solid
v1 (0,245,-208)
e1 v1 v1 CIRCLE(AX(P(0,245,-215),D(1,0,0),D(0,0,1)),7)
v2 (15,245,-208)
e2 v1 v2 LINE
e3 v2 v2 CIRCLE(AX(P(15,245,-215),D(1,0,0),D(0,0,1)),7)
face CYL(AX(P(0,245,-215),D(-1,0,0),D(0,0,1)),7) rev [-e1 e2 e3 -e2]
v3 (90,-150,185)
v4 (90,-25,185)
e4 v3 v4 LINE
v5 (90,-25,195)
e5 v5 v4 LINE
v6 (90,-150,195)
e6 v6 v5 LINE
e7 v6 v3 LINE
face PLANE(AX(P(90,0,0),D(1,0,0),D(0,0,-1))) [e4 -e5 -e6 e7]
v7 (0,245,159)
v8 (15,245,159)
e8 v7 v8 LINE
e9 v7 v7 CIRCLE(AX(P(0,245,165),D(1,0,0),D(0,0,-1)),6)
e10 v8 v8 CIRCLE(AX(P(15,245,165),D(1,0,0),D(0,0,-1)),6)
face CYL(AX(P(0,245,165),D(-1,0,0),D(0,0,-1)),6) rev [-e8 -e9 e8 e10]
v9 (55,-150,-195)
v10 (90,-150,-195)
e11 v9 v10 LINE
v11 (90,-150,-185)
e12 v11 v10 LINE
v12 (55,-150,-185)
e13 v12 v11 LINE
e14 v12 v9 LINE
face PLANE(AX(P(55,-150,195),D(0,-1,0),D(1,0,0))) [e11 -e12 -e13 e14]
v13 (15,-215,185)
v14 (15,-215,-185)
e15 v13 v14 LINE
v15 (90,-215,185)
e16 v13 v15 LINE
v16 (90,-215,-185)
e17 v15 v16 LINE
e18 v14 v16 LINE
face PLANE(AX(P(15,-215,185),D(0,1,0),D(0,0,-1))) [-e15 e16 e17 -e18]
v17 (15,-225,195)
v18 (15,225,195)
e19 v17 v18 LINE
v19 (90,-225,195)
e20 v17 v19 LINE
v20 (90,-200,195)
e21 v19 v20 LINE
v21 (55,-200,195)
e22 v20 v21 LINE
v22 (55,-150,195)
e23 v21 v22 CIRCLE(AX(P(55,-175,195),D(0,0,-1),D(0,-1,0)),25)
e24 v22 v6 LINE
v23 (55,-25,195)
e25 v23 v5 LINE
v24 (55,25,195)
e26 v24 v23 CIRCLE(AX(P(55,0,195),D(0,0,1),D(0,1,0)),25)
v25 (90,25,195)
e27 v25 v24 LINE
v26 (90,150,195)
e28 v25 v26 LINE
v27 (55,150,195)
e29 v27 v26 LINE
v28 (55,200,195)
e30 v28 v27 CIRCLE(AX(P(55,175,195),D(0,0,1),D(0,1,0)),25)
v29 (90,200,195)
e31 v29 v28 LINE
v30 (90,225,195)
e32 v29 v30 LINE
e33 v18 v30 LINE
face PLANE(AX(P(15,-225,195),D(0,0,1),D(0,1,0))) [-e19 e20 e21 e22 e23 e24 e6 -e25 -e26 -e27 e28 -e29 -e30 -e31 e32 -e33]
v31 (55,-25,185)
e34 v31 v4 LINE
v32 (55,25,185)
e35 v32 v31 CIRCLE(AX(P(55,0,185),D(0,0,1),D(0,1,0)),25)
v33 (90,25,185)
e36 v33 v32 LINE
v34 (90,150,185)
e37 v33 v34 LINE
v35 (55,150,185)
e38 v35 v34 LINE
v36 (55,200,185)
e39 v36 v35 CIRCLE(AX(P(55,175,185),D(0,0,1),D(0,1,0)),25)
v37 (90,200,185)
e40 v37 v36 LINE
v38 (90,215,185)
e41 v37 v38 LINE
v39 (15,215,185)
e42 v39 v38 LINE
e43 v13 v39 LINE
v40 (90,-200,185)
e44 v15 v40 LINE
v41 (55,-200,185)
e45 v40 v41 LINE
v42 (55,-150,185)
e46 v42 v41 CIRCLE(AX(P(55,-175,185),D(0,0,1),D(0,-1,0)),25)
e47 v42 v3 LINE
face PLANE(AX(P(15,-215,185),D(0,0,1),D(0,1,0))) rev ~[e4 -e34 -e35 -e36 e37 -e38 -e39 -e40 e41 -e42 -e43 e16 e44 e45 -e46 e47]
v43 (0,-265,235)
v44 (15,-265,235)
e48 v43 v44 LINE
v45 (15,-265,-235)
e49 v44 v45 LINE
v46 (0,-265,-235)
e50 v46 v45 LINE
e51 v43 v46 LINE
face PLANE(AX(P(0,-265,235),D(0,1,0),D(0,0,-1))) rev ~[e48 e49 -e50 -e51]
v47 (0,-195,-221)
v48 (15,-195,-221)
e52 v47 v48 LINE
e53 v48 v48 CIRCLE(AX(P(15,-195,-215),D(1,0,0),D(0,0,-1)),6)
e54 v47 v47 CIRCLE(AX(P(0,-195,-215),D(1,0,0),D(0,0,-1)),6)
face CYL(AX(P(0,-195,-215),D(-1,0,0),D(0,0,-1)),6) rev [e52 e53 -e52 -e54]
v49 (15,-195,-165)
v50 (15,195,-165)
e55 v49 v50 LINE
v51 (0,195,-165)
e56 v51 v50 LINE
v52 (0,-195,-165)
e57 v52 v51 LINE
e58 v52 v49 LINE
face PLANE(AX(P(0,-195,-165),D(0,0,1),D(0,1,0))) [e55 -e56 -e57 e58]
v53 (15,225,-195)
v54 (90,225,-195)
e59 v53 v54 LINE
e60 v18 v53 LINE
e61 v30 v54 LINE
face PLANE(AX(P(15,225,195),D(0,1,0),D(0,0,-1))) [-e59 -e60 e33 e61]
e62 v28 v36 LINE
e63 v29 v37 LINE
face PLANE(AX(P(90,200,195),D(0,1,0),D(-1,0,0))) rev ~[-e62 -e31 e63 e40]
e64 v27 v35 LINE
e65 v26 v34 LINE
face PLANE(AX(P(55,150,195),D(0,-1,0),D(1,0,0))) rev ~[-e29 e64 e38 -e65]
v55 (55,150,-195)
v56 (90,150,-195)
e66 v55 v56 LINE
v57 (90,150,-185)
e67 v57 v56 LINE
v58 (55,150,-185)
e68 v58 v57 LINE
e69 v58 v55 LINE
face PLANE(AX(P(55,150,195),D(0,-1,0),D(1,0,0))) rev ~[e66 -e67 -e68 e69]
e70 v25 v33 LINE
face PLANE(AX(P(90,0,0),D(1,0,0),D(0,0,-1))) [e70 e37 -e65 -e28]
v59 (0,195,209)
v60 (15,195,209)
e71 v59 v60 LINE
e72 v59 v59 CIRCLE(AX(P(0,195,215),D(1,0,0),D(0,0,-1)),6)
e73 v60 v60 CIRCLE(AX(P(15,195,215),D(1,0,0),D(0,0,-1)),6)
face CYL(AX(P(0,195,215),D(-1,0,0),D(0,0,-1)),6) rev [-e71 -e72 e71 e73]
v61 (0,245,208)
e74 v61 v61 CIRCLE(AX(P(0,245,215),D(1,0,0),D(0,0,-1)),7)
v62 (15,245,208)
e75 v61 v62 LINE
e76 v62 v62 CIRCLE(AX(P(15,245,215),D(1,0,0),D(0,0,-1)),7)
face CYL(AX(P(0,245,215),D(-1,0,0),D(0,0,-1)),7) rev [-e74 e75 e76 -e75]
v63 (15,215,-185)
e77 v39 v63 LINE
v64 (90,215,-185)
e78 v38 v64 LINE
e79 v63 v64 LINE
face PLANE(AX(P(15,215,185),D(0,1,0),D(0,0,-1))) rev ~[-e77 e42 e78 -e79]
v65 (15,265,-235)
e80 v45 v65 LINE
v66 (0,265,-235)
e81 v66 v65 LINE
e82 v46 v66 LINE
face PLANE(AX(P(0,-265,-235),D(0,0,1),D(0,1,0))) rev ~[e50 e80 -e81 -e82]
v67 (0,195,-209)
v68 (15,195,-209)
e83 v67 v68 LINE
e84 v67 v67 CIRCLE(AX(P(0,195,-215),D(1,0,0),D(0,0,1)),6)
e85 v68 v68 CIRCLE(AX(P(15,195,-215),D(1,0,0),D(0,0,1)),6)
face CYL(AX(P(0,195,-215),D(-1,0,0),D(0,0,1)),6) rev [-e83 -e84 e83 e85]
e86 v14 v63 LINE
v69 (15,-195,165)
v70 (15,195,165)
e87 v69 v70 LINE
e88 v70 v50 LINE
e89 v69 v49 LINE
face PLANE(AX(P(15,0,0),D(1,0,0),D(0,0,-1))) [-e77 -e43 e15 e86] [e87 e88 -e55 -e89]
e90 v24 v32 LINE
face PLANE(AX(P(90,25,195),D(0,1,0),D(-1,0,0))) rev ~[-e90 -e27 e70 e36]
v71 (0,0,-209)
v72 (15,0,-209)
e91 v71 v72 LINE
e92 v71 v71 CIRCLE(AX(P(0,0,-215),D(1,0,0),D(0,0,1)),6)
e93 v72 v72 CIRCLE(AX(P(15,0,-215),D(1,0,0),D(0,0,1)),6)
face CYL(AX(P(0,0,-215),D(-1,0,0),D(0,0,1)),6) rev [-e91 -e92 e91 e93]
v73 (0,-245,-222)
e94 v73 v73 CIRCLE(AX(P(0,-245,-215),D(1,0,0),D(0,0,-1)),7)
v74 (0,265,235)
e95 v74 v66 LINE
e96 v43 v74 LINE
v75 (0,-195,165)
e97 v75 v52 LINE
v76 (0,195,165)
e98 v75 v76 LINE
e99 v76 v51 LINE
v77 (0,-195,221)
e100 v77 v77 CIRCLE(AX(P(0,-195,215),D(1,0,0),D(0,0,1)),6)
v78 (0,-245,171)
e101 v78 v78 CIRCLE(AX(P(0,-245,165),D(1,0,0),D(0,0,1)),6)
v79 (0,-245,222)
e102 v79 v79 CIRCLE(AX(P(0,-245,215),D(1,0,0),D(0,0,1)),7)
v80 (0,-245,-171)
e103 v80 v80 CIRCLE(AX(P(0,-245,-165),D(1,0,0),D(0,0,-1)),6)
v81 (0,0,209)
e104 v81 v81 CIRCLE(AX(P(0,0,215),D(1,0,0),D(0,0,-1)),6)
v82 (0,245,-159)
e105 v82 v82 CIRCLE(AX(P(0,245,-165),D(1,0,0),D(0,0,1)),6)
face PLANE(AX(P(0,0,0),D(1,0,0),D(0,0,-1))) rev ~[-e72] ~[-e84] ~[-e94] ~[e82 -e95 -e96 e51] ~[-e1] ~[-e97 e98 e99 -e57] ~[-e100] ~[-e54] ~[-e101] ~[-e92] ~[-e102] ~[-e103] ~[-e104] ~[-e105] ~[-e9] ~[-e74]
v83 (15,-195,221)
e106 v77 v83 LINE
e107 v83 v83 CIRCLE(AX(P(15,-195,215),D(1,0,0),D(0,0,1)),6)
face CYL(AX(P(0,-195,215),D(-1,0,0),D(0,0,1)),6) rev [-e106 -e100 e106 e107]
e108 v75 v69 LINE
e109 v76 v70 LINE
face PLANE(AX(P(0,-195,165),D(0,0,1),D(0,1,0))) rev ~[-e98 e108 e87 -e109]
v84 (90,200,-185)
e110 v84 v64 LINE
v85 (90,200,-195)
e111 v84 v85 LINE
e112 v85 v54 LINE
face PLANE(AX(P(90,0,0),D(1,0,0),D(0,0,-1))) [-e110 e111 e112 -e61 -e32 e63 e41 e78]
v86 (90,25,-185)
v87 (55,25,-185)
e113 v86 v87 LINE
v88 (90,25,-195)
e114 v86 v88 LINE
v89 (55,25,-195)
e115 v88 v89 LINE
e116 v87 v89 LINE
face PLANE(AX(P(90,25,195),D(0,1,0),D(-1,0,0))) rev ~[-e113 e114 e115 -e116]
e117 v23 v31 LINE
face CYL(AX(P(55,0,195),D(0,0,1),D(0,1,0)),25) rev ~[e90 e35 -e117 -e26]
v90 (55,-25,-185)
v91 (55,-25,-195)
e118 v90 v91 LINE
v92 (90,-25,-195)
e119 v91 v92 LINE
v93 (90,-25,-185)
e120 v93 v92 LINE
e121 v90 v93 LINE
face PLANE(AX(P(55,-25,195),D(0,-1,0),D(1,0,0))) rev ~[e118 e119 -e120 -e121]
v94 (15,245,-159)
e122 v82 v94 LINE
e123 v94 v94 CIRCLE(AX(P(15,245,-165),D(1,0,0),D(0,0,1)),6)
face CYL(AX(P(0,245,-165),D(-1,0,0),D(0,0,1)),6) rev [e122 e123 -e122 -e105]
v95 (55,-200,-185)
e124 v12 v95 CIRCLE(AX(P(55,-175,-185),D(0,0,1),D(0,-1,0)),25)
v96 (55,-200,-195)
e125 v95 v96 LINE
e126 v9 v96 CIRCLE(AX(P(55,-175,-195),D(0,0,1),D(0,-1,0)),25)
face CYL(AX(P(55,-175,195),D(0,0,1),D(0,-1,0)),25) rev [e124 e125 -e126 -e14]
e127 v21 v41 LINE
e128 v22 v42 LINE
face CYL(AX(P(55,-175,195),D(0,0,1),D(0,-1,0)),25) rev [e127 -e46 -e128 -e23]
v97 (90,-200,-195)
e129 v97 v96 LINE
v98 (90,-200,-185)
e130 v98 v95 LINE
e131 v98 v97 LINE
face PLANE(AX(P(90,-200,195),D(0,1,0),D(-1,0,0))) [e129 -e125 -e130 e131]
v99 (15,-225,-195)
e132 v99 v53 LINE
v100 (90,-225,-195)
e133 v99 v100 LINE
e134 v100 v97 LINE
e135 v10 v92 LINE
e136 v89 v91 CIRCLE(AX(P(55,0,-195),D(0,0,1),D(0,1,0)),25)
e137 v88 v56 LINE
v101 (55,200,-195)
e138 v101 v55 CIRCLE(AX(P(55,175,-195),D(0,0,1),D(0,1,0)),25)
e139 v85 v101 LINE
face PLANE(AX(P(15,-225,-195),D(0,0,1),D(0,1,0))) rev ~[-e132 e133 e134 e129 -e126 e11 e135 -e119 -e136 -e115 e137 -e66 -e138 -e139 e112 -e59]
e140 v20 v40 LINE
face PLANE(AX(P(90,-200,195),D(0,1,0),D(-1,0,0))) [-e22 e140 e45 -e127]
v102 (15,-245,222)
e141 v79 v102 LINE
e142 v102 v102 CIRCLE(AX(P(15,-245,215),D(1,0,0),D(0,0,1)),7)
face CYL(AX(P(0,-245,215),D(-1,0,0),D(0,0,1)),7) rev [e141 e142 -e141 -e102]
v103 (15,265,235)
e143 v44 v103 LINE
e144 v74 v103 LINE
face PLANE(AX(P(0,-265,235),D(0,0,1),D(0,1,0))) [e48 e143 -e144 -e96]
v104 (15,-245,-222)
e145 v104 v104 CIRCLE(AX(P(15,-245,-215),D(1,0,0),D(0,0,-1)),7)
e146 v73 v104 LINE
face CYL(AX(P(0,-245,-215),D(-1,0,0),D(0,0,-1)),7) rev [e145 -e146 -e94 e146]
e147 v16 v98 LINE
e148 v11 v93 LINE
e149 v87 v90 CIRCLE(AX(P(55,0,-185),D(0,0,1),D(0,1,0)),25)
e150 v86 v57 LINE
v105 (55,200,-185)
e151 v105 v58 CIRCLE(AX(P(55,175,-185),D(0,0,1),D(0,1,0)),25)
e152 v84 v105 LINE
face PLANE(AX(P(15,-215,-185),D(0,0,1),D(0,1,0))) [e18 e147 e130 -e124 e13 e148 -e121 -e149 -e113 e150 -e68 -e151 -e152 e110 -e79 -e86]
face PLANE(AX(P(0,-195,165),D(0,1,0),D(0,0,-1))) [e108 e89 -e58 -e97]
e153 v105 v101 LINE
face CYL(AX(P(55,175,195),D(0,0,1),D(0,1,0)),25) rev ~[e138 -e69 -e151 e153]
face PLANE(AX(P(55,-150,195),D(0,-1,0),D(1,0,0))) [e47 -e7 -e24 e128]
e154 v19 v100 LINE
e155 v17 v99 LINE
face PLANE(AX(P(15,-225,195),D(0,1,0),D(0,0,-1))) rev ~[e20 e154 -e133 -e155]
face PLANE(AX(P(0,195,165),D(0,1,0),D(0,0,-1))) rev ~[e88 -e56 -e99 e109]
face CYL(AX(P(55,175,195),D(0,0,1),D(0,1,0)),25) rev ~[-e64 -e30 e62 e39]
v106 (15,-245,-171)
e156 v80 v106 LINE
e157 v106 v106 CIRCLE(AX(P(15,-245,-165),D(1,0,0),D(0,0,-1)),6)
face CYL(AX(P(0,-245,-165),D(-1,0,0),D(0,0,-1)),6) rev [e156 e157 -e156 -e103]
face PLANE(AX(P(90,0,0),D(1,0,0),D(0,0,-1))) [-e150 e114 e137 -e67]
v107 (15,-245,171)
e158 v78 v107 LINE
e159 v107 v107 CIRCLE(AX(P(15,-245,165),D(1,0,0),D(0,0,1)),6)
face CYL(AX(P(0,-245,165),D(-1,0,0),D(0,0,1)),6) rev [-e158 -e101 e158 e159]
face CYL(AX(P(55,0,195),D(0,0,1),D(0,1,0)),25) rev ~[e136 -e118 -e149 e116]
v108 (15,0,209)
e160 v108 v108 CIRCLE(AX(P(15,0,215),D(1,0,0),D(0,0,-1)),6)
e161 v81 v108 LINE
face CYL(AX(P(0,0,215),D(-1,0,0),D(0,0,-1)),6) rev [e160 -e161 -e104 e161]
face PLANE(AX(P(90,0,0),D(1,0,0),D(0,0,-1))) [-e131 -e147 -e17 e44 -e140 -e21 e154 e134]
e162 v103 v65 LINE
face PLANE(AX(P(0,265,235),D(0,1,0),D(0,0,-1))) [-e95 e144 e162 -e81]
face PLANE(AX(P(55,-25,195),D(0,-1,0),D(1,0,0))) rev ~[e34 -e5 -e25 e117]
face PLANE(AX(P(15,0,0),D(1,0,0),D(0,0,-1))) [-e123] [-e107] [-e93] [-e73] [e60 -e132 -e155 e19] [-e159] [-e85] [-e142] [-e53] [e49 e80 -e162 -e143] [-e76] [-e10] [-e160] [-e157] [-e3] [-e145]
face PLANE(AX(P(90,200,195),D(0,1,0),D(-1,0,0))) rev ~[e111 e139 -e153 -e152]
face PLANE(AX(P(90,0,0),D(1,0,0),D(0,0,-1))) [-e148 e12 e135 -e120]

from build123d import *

# Parameters (mm, degrees)
SKETCH_1_W          = 470
SKETCH_1_H          = 530
SKETCH_1_R          = 7
SKETCH_1_R_2        = 6
SKETCH_1_W_2        = 330
SKETCH_1_H_2        = 390
EXTRUDE_1_DEPTH     = 15
SKETCH_2_W          = 390
SKETCH_2_H          = 450
SKETCH_2_W_2        = 370
SKETCH_2_H_2        = 430
EXTRUDE_2_DEPTH     = 75
CUT_EXTRUDE_1_DEPTH = 514.054577993


with BuildPart() as part:
    # 草图1 → 凸台-拉伸1 (new body)
    with BuildSketch(Plane(origin=(0, 0, 0), x_dir=(0, 0, -1), z_dir=(1, 0, 0))):
        Rectangle(SKETCH_1_W, SKETCH_1_H)
        with Locations((-215, 245)):
            Circle(SKETCH_1_R, mode=Mode.SUBTRACT)
        with Locations((-165, 245)):
            Circle(SKETCH_1_R_2, mode=Mode.SUBTRACT)
        with Locations((-215, 195)):
            Circle(SKETCH_1_R_2, mode=Mode.SUBTRACT)
        with Locations(Location((215, 245, 0), (0, 0, 180))):
            Circle(SKETCH_1_R, mode=Mode.SUBTRACT)
        with Locations(Location((165, 245, 0), (0, 0, 180))):
            Circle(SKETCH_1_R_2, mode=Mode.SUBTRACT)
        with Locations(Location((215, 195, 0), (0, 0, 180))):
            Circle(SKETCH_1_R_2, mode=Mode.SUBTRACT)
        with Locations(Location((-215, -195, 0), (0, 0, 180))):
            Circle(SKETCH_1_R_2, mode=Mode.SUBTRACT)
        with Locations(Location((-165, -245, 0), (0, 0, 180))):
            Circle(SKETCH_1_R_2, mode=Mode.SUBTRACT)
        with Locations(Location((-215, -245, 0), (0, 0, 180))):
            Circle(SKETCH_1_R, mode=Mode.SUBTRACT)
        with Locations((165, -245)):
            Circle(SKETCH_1_R_2, mode=Mode.SUBTRACT)
        with Locations((215, -245)):
            Circle(SKETCH_1_R, mode=Mode.SUBTRACT)
        with Locations((215, -195)):
            Circle(SKETCH_1_R_2, mode=Mode.SUBTRACT)
        with Locations((-215, 0)):
            Circle(SKETCH_1_R_2, mode=Mode.SUBTRACT)
        with Locations(Location((215, 0, 0), (0, 0, 180))):
            Circle(SKETCH_1_R_2, mode=Mode.SUBTRACT)
        Rectangle(SKETCH_1_W_2, SKETCH_1_H_2, mode=Mode.SUBTRACT)
    extrude(amount=EXTRUDE_1_DEPTH)

    # 草图2 → 凸台-拉伸2 (add)
    with BuildSketch(Plane(origin=(15, 0, 0), x_dir=(0, 0, -1), z_dir=(1, 0, 0))):
        Rectangle(SKETCH_2_W, SKETCH_2_H)
        Rectangle(SKETCH_2_W_2, SKETCH_2_H_2, mode=Mode.SUBTRACT)
    extrude(amount=EXTRUDE_2_DEPTH)

    # 草图4 → 切除-拉伸1 (cut, through all)
    with BuildSketch(Plane.XY.offset(195)):
        with BuildLine():
            Line((90, 25), (55, 25))
            ThreePointArc((55, 25), (30, 0), (55, -25))
            Line((55, -25), (90, -25))
            Line((90, -25), (90, 25))
        make_face()
        with BuildLine():
            Line((90, 200), (55, 200))
            ThreePointArc((55, 200), (30, 175), (55, 150))
            Line((55, 150), (90, 150))
            Line((90, 150), (90, 200))
        make_face()
        with BuildLine():
            Line((90, -150), (90, -200))
            Line((90, -200), (55, -200))
            ThreePointArc((55, -200), (30, -175), (55, -150))
            Line((55, -150), (90, -150))
        make_face()
    extrude(amount=-CUT_EXTRUDE_1_DEPTH, mode=Mode.SUBTRACT)


solid = part.part
